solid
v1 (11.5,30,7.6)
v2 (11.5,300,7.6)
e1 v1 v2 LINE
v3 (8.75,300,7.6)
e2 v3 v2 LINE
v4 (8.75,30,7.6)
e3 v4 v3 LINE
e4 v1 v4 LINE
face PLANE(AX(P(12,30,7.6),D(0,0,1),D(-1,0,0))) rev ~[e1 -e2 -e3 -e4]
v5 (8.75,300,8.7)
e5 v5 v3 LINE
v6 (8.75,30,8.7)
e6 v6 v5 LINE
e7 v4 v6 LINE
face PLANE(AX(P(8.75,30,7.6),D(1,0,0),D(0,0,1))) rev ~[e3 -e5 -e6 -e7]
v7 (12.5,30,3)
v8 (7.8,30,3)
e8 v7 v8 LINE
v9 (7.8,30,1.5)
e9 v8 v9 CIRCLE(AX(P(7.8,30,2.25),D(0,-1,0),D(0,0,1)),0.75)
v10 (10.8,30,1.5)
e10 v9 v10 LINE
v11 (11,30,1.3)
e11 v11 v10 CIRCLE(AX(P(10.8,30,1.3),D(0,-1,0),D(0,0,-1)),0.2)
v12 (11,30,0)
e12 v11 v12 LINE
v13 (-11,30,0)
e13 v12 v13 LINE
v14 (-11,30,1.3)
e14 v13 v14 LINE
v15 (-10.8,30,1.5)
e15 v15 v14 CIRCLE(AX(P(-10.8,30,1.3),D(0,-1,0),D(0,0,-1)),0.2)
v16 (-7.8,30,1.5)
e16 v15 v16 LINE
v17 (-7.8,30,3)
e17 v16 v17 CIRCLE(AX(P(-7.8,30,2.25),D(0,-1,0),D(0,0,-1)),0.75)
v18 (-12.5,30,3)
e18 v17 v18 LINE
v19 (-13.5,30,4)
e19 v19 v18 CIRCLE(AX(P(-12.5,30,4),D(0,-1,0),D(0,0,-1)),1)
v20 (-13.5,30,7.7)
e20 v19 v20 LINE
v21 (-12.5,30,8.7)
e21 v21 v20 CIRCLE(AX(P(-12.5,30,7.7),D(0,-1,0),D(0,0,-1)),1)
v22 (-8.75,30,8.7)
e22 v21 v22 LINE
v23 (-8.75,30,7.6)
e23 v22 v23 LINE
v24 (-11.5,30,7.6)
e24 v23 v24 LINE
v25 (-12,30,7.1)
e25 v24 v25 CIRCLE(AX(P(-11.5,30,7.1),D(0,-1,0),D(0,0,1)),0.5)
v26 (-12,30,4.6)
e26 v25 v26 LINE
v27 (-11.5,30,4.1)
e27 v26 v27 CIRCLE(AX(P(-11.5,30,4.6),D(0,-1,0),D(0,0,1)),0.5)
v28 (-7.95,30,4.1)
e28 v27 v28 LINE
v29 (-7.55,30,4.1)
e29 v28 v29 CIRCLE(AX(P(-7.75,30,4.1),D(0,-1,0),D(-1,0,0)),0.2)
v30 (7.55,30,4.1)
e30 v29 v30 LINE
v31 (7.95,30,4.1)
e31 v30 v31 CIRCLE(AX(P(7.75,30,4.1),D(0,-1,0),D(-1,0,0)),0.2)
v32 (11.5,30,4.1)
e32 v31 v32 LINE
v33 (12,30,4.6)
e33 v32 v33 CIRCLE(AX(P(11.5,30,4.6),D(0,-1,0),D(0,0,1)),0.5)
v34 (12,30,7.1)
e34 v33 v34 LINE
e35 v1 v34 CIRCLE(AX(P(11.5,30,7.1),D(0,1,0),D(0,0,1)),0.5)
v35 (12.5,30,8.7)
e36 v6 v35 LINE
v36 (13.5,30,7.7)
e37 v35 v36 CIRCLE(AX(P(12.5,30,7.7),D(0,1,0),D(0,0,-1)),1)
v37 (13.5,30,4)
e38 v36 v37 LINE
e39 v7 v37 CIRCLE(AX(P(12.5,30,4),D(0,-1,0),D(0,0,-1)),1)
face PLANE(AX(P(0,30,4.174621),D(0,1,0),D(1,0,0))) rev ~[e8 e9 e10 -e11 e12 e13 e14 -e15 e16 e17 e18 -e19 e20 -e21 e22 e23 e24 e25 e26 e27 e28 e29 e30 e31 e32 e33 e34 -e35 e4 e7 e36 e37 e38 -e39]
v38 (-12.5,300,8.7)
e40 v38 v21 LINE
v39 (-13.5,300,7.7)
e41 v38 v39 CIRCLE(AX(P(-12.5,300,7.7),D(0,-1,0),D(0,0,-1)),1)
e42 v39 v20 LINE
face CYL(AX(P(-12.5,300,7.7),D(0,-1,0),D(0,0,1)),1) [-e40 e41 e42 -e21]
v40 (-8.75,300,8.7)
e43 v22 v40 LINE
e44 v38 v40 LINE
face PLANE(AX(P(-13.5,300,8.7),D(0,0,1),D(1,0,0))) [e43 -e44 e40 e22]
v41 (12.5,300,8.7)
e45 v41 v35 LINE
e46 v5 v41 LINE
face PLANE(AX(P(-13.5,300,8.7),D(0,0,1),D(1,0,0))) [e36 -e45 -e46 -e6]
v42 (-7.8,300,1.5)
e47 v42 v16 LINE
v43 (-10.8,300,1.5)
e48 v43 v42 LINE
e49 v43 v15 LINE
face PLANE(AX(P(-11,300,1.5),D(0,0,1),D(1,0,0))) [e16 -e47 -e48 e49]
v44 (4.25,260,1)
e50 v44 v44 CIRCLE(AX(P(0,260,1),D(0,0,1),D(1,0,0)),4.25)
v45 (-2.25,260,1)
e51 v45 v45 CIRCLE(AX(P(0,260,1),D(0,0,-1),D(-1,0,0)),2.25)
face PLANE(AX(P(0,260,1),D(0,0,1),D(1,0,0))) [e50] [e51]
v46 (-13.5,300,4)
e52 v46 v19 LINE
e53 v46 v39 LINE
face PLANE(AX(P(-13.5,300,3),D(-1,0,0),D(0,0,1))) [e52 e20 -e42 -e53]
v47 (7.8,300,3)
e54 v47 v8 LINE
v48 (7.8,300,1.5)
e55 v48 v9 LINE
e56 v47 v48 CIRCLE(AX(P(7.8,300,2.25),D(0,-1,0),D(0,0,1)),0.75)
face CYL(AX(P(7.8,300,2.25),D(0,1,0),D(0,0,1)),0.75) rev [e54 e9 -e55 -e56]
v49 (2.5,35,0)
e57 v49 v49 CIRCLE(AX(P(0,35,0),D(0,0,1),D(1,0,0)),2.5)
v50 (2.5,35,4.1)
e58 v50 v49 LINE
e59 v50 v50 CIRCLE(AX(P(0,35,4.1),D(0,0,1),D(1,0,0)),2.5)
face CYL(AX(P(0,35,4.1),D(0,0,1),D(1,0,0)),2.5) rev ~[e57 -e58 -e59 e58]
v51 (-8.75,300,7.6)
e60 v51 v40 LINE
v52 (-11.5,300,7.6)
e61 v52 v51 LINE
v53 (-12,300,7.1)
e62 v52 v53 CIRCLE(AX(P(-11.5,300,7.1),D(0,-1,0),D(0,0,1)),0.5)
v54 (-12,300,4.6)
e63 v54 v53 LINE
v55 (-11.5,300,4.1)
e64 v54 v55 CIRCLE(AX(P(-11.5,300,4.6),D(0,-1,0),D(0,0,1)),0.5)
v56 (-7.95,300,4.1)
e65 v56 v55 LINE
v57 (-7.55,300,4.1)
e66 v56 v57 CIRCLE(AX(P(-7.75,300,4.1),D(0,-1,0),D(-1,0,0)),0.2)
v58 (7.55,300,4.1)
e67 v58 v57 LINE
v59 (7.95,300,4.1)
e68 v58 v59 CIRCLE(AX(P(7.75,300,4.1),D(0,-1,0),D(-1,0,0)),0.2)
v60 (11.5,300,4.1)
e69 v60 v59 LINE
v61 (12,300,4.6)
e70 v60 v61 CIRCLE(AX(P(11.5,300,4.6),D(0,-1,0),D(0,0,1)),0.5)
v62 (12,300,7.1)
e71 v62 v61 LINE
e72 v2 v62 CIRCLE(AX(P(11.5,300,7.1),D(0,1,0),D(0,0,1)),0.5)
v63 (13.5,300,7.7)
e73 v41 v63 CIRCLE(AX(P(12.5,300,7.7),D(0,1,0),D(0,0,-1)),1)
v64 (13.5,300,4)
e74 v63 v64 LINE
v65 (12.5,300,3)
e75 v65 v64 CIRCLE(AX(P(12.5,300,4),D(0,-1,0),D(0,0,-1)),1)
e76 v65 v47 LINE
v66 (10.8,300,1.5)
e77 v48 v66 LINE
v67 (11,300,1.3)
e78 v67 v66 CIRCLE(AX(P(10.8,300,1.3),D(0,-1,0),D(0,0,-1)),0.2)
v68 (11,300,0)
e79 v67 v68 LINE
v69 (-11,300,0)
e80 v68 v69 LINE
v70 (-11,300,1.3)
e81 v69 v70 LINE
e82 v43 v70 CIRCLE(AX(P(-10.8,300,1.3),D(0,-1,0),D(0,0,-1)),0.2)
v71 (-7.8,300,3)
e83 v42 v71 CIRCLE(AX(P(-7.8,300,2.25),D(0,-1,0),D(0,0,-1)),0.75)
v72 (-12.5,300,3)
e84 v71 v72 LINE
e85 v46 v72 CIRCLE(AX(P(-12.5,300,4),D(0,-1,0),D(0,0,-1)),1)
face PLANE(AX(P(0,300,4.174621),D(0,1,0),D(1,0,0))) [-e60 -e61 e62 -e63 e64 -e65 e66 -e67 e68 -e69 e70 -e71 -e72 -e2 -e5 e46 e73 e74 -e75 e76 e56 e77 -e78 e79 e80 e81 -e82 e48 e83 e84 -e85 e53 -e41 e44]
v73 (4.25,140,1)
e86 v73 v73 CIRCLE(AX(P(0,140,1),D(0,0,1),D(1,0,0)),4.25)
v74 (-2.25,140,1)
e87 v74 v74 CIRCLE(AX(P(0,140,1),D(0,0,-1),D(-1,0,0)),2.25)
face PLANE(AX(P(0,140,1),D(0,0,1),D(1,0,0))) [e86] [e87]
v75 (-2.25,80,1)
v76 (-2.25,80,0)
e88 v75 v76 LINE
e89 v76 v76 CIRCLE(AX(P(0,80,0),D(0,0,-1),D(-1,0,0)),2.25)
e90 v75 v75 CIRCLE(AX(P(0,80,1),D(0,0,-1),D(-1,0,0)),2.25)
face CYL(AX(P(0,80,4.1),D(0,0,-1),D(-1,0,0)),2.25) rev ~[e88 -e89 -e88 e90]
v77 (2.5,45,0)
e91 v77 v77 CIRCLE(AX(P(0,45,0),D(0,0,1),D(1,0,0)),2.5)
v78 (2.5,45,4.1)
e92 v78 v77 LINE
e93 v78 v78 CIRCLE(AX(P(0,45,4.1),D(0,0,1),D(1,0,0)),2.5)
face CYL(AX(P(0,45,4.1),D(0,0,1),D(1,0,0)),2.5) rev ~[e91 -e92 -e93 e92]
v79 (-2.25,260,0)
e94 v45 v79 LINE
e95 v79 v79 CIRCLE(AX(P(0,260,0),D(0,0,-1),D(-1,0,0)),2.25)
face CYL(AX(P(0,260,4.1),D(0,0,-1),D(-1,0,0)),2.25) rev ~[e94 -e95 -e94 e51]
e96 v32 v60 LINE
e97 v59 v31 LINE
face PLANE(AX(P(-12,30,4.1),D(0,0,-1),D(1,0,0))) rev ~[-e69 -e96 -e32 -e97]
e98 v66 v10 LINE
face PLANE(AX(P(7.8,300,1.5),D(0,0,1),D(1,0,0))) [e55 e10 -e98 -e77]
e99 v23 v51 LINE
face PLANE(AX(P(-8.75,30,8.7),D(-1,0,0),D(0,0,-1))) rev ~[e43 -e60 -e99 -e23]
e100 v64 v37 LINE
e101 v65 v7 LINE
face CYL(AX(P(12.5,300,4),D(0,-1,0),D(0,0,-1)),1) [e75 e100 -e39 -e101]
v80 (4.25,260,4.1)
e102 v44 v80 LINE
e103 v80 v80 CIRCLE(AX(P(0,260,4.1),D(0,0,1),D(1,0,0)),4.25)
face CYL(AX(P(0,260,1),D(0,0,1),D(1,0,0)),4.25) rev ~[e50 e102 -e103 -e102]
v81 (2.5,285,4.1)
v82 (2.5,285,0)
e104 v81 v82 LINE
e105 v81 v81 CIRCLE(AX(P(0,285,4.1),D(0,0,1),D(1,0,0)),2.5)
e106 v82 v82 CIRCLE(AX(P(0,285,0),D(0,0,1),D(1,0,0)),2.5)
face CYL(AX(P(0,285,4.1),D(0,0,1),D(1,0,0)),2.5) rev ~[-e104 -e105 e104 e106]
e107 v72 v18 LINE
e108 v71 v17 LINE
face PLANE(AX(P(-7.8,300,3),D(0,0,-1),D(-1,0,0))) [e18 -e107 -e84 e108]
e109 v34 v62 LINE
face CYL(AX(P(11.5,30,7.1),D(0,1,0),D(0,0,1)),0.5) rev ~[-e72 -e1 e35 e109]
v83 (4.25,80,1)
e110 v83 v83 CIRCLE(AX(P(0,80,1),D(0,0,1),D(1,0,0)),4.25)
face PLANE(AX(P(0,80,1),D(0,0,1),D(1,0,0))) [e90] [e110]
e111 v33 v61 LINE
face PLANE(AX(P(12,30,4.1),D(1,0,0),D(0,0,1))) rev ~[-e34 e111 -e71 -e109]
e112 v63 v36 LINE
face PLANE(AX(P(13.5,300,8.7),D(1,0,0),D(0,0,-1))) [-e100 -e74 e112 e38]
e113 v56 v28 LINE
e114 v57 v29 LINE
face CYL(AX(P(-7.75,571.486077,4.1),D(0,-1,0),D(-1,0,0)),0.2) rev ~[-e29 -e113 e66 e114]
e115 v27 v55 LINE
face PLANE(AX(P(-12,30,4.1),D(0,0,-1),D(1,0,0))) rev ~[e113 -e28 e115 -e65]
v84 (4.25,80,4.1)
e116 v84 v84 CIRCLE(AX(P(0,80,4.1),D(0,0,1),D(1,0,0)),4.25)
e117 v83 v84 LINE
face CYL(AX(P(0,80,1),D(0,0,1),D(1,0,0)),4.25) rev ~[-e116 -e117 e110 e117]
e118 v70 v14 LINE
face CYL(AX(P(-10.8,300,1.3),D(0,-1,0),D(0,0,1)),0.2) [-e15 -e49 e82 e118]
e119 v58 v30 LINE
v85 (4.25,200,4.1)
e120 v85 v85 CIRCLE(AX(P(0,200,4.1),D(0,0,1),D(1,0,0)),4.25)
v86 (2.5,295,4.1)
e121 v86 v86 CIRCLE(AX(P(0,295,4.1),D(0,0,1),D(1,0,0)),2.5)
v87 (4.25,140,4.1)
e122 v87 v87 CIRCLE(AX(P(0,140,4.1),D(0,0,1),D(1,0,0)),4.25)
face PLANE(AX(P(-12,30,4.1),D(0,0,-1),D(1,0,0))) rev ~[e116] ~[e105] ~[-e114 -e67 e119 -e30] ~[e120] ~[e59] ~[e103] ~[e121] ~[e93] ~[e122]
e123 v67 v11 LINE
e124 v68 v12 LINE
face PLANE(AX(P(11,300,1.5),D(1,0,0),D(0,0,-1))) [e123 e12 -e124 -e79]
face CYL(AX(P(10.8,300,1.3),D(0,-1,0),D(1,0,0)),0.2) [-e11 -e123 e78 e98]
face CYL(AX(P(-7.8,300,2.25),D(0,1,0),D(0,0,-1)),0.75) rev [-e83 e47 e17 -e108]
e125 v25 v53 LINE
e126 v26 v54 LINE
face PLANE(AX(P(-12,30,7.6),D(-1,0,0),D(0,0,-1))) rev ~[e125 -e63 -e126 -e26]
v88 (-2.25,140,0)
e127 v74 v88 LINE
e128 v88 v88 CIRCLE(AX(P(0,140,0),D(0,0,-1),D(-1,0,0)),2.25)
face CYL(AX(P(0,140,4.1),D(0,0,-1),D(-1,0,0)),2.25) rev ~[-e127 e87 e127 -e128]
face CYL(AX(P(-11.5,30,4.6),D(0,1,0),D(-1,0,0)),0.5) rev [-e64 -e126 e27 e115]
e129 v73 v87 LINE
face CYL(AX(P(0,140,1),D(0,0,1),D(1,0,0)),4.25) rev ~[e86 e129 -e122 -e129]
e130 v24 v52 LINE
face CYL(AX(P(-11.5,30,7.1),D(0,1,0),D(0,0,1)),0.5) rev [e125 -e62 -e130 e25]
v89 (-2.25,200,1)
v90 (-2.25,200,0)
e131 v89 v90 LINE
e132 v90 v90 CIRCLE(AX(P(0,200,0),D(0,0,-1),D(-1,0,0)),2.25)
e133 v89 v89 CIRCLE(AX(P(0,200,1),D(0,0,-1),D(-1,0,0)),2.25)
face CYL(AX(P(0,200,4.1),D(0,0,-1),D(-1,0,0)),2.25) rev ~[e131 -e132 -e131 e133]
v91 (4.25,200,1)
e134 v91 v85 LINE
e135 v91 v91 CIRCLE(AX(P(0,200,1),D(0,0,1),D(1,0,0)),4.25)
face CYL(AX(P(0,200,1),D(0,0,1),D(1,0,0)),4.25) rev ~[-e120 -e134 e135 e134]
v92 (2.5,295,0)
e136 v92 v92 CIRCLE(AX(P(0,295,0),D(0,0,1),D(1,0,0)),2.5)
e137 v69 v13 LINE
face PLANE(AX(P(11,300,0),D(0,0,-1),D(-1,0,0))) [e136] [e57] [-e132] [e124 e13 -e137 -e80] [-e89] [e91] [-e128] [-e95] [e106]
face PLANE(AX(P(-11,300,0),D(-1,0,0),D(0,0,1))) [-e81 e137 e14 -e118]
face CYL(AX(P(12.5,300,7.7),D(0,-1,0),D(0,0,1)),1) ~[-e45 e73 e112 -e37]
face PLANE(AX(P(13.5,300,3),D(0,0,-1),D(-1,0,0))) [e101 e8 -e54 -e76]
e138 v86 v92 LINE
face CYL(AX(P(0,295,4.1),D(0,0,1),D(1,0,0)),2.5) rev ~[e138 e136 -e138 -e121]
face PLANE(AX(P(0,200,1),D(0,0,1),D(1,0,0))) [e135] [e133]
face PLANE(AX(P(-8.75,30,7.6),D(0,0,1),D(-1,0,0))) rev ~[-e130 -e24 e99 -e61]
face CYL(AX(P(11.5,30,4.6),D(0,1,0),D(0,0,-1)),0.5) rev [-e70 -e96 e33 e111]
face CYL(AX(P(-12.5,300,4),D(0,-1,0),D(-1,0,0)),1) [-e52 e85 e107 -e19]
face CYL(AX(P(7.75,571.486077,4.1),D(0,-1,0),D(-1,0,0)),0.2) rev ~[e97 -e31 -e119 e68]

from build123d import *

# Parameters (mm, degrees)
BOSS_EXTRUDE1_DEPTH                              = 270
CUT_EXTRUDE1_DEPTH                               = 271.477244884
F_0_4_0_4_DIAMETER_HOLE1_D                       = 0.4
CBORE_FOR_M4_HEX_HEAD_MACHINE_SCREW1_D           = 4.5
CBORE_FOR_M4_HEX_HEAD_MACHINE_SCREW1_DEPTH       = 4.1
CBORE_FOR_M4_HEX_HEAD_MACHINE_SCREW1_CBORE_D     = 8.5
CBORE_FOR_M4_HEX_HEAD_MACHINE_SCREW1_CBORE_DEPTH = 3.1
FILLET1_R                                        = 0.2
FILLET2_R                                        = 0.5
FILLET3_R                                        = 1
CUT_EXTRUDE2_REACH                               = 302.339
SKETCH7_R                                        = 2.5


with BuildPart() as part:
    # Sketch1 → Boss-Extrude1 (new body)
    with BuildSketch(Plane(origin=(0, 300, 0), x_dir=(1, 0, 0), z_dir=(0, 1, 0))):
        with BuildLine():
            Line((-13.5, -3), (-13.5, -8.7))
            Line((-13.5, -8.7), (13.5, -8.7))
            Line((13.5, -8.7), (13.5, -3))
            Line((13.5, -3), (7.8, -3))
            ThreePointArc((7.8, -3), (7.05, -2.25), (7.8, -1.5))
            Line((7.8, -1.5), (11, -1.5))
            Line((11, -1.5), (11, 0))
            Line((11, 0), (-11, 0))
            Line((-11, 0), (-11, -1.5))
            Line((-11, -1.5), (-7.8, -1.5))
            ThreePointArc((-7.8, -1.5), (-7.05, -2.25), (-7.8, -3))
            Line((-7.8, -3), (-13.5, -3))
        make_face()
    extrude(amount=-BOSS_EXTRUDE1_DEPTH)

    # Sketch2 → Cut-Extrude1 (cut, through all)
    with BuildSketch(Plane.XZ.offset(-30)):
        Polygon((8.75, 8.7), (-8.75, 8.7), (-8.75, 7.6), (-12, 7.6), (-12, 4.1), (12, 4.1), (12, 7.6), (8.75, 7.6), align=None)
    extrude(amount=-CUT_EXTRUDE1_DEPTH, mode=Mode.SUBTRACT)

    # Ø0.4 (0.4) Diameter Hole1 (through all)
    with Locations(Plane(origin=(0, 300, 0), x_dir=(1, 0, 0), z_dir=(0, 1, 0))):
        with Locations((-7.75, -4.1), (7.75, -4.1)):
            Hole(F_0_4_0_4_DIAMETER_HOLE1_D / 2)

    # CBORE for M4 Hex Head Machine Screw1
    with Locations(Plane.XY.offset(4.1)):
        with Locations((0, 260), (0, 200), (0, 140), (0, 80), (0, 20)):
            CounterBoreHole(CBORE_FOR_M4_HEX_HEAD_MACHINE_SCREW1_D / 2, CBORE_FOR_M4_HEX_HEAD_MACHINE_SCREW1_CBORE_D / 2, CBORE_FOR_M4_HEX_HEAD_MACHINE_SCREW1_CBORE_DEPTH, depth=CBORE_FOR_M4_HEX_HEAD_MACHINE_SCREW1_DEPTH)

    # Fillet1
    fillet1_edges = [part.edges().sort_by_distance(p)[0] for p in [
        (-11, 165, 1.5),
        (11, 165, 1.5),
    ]]
    fillet(fillet1_edges, radius=FILLET1_R)

    # Fillet2
    fillet2_edges = [part.edges().sort_by_distance(p)[0] for p in [
        (12, 165, 7.6),
        (12, 165, 4.1),
        (-12, 165, 4.1),
        (-12, 165, 7.6),
    ]]
    fillet(fillet2_edges, radius=FILLET2_R)

    # Fillet3
    fillet3_edges = [part.edges().sort_by_distance(p)[0] for p in [
        (13.5, 165, 3),
        (13.5, 165, 8.7),
        (-13.5, 165, 8.7),
        (-13.5, 165, 3),
    ]]
    fillet(fillet3_edges, radius=FILLET3_R)

    # Sketch7 → Cut-Extrude2 (cut, up to next)
    with BuildSketch(Plane.XY.offset(4.1), mode=Mode.PRIVATE) as cut_extrude2_sk1:
        with Locations((0, 285)):
            Circle(SKETCH7_R)
    cut_extrude2_tool1 = extrude(cut_extrude2_sk1.sketch, amount=-CUT_EXTRUDE2_REACH, mode=Mode.PRIVATE) & part.part
    # Sketch7 → Cut-Extrude2 (cut, up to next)
    with BuildSketch(Plane.XY.offset(4.1), mode=Mode.PRIVATE) as cut_extrude2_sk2:
        with Locations((0, 45)):
            Circle(SKETCH7_R)
    cut_extrude2_tool2 = extrude(cut_extrude2_sk2.sketch, amount=-CUT_EXTRUDE2_REACH, mode=Mode.PRIVATE) & part.part
    # Sketch7 → Cut-Extrude2 (cut, up to next)
    with BuildSketch(Plane.XY.offset(4.1), mode=Mode.PRIVATE) as cut_extrude2_sk3:
        with Locations((0, 35)):
            Circle(SKETCH7_R)
    cut_extrude2_tool3 = extrude(cut_extrude2_sk3.sketch, amount=-CUT_EXTRUDE2_REACH, mode=Mode.PRIVATE) & part.part
    # Sketch7 → Cut-Extrude2 (cut, up to next)
    with BuildSketch(Plane.XY.offset(4.1), mode=Mode.PRIVATE) as cut_extrude2_sk4:
        with Locations((0, 295)):
            Circle(SKETCH7_R)
    cut_extrude2_tool4 = extrude(cut_extrude2_sk4.sketch, amount=-CUT_EXTRUDE2_REACH, mode=Mode.PRIVATE) & part.part
    add(cut_extrude2_tool1.solids().sort_by_distance((0, 285, 4.1))[0], mode=Mode.SUBTRACT)
    add(cut_extrude2_tool2.solids().sort_by_distance((0, 45, 4.1))[0], mode=Mode.SUBTRACT)
    add(cut_extrude2_tool3.solids().sort_by_distance((0, 35, 4.1))[0], mode=Mode.SUBTRACT)
    add(cut_extrude2_tool4.solids().sort_by_distance((0, 295, 4.1))[0], mode=Mode.SUBTRACT)


solid = part.part
